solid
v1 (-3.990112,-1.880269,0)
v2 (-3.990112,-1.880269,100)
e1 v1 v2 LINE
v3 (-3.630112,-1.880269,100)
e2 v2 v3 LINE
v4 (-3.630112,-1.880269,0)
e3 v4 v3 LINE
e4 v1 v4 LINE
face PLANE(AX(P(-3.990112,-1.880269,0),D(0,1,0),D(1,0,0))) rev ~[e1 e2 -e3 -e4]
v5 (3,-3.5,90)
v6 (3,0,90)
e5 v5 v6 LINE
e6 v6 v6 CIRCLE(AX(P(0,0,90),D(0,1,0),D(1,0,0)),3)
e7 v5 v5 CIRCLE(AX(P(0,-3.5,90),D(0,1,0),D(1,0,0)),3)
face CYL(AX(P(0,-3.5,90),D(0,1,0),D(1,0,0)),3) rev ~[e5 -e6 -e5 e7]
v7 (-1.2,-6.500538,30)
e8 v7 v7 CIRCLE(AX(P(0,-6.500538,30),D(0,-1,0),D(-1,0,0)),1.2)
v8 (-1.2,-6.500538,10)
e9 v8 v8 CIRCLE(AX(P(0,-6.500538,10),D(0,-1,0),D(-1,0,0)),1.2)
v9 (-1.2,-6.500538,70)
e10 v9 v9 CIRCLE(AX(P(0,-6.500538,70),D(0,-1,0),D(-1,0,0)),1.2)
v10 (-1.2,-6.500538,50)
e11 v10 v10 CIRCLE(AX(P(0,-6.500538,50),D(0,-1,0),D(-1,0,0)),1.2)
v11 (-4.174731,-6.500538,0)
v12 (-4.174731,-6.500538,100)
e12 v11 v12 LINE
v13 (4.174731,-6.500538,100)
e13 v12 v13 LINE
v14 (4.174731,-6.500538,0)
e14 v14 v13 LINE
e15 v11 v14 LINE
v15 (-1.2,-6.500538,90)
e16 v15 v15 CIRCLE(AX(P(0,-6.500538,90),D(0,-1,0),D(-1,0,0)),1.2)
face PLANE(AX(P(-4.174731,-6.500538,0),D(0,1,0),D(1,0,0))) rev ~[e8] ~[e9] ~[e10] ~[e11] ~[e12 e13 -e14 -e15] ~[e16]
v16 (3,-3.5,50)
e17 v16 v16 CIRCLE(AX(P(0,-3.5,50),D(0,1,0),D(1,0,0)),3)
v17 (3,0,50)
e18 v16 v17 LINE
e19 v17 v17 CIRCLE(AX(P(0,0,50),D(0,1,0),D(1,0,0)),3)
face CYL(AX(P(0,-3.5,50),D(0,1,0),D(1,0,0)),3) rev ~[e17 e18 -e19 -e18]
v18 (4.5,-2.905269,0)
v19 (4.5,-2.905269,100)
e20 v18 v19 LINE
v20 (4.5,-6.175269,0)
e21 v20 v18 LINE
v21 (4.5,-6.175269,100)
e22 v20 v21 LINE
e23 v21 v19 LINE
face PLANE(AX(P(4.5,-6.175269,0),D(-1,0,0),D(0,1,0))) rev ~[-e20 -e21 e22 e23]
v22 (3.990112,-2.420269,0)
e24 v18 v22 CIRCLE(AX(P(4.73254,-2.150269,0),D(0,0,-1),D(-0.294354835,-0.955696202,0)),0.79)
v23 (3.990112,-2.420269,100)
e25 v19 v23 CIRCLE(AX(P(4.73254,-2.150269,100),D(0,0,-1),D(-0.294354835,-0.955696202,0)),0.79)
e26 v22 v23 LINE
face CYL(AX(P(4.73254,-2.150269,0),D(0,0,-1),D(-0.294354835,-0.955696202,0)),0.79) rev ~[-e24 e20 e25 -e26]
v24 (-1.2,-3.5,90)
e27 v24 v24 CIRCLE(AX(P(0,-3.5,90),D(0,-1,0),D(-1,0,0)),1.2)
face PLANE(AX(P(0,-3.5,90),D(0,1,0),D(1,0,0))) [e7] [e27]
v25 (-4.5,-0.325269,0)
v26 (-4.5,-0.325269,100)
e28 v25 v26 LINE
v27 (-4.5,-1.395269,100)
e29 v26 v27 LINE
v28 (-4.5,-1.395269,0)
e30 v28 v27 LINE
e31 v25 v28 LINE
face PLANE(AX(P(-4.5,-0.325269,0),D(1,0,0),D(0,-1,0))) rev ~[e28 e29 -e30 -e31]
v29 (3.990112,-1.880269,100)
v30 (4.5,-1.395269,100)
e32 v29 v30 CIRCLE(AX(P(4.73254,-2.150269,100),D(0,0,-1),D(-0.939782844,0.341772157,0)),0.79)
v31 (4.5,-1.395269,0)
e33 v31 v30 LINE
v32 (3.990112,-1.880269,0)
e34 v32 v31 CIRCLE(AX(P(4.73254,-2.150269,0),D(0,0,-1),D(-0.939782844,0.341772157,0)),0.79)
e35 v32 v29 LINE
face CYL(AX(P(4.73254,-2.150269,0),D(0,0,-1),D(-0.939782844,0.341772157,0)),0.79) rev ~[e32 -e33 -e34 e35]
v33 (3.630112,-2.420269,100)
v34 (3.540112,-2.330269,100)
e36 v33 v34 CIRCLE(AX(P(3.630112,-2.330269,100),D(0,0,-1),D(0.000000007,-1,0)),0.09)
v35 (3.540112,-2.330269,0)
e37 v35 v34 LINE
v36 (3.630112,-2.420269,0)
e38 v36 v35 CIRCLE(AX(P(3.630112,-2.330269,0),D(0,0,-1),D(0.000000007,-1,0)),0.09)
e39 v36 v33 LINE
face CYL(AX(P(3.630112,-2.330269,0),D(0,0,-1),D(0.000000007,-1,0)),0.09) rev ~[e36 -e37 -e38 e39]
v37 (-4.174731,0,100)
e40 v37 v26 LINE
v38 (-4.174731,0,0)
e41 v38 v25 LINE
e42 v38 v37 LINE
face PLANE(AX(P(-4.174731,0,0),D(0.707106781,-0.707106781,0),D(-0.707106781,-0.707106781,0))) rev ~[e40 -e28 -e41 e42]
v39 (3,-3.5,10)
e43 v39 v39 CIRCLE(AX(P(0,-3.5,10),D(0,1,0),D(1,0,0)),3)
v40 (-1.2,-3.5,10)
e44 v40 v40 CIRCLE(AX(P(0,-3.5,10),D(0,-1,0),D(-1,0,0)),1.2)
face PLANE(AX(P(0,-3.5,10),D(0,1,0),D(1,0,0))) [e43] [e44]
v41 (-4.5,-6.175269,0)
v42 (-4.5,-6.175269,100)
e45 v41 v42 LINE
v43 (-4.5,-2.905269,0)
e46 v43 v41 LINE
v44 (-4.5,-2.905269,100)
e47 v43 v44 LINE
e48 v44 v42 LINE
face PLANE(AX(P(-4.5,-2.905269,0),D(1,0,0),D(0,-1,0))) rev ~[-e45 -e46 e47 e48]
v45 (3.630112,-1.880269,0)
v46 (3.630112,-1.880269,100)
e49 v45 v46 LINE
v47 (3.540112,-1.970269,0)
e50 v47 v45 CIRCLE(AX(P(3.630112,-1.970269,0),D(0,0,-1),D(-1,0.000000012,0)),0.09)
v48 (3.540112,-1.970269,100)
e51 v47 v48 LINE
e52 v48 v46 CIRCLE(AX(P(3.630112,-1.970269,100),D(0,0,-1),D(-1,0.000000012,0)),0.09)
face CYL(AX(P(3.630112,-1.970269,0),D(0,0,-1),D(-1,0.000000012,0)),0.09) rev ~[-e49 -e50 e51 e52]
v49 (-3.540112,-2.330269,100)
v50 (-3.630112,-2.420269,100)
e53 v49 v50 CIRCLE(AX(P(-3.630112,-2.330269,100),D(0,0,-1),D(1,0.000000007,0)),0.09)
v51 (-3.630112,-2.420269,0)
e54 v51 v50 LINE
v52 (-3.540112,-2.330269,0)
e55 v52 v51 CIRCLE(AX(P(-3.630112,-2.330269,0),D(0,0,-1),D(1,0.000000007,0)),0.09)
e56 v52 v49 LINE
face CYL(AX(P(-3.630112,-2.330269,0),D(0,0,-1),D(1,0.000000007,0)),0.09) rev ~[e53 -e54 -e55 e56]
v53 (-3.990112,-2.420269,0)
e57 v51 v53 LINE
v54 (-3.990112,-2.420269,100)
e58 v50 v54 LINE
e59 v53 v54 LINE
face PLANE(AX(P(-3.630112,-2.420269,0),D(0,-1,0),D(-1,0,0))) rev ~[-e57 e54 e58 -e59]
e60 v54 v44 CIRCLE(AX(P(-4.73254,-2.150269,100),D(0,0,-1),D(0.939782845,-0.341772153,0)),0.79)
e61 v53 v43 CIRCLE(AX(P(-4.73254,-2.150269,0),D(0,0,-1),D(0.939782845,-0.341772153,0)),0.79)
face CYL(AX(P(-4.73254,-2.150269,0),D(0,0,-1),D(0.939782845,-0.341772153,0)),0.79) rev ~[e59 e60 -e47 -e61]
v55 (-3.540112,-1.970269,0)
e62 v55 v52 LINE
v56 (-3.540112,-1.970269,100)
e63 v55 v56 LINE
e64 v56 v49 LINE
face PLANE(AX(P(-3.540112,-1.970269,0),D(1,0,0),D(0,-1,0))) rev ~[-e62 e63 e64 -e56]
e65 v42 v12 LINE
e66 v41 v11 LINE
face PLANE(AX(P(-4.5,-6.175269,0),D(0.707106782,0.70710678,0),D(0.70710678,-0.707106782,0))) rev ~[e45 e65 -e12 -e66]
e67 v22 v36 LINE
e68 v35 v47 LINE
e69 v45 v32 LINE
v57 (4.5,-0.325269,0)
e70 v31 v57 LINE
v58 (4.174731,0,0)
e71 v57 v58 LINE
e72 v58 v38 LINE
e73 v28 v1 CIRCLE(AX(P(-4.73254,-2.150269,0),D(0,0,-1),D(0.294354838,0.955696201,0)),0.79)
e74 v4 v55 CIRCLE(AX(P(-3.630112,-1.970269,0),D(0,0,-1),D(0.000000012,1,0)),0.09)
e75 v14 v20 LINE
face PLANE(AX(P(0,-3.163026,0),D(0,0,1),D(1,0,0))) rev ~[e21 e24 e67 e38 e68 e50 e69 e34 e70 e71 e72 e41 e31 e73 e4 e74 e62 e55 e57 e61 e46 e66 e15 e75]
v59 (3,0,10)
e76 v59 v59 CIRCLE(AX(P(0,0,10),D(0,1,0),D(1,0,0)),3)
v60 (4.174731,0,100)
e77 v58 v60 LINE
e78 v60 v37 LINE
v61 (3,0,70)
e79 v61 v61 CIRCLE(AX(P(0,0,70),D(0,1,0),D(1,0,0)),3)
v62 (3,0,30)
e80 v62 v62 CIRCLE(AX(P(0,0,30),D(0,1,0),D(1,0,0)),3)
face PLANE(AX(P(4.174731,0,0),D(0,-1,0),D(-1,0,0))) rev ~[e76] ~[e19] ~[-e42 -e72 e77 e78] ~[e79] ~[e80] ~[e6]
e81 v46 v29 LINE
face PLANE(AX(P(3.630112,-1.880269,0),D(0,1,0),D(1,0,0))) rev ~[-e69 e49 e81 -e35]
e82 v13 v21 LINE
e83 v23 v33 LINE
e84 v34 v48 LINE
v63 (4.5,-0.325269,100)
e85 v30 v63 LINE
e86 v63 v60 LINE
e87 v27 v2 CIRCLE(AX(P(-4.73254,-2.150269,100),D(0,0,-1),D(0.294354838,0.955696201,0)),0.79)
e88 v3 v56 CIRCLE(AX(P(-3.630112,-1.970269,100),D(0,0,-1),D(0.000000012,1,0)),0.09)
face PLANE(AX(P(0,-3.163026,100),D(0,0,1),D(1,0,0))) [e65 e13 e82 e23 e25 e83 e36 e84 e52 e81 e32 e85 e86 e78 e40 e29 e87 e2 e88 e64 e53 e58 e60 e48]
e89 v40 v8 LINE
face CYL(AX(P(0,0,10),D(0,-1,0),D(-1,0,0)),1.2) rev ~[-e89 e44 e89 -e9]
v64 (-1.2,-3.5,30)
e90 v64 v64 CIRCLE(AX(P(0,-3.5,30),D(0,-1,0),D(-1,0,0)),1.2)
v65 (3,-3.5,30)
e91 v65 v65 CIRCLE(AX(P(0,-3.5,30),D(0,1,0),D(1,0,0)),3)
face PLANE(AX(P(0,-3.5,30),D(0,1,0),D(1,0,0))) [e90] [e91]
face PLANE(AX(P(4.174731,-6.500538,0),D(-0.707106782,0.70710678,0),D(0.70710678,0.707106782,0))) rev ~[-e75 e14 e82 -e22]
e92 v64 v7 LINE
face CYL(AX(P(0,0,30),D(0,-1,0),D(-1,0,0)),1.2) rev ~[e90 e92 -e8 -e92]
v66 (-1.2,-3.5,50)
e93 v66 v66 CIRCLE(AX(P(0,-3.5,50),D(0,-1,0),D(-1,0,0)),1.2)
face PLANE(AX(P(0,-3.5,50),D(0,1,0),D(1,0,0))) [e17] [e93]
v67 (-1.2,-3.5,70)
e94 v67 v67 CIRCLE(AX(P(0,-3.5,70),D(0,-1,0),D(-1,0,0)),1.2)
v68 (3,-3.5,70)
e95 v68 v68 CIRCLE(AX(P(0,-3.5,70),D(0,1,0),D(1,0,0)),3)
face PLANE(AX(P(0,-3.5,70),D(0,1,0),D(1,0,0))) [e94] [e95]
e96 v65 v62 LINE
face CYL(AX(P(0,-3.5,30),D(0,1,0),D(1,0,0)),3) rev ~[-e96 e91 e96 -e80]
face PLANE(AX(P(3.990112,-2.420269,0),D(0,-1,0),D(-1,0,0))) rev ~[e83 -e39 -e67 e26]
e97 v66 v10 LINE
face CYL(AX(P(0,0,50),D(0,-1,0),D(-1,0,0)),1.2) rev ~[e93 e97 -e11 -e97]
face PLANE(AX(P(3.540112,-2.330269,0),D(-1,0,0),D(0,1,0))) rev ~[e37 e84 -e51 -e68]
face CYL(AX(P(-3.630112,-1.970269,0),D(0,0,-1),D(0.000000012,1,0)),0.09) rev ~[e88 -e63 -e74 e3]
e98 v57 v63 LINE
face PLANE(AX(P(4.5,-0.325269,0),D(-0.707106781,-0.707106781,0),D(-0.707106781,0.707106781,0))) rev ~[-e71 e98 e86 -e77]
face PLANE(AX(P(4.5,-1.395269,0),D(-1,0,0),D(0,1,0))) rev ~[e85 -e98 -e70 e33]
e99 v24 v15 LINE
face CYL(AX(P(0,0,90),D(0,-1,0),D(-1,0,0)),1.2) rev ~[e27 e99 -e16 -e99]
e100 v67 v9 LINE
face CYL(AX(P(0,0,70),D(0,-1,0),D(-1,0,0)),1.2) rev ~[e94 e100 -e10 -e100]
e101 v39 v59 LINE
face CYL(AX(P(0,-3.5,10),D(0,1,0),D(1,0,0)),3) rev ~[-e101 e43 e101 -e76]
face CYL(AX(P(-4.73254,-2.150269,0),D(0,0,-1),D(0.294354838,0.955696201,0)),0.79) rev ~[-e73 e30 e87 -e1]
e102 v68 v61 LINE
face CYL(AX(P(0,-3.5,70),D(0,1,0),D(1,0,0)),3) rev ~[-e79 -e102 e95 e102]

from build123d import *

# Parameters (mm, degrees)
EXTRUDE_1_DEPTH              = 100
HOLE_WIZARD_M2_1_D           = 2.4
HOLE_WIZARD_M2_1_CBORE_D     = 6
HOLE_WIZARD_M2_1_CBORE_DEPTH = 3.5
PATTERN_LINEAR_1_COUNT       = 5
PATTERN_LINEAR_1_PITCH       = 20


with BuildPart() as part:
    # 草图1 → 凸台-拉伸1 (new body)
    with BuildSketch(Plane.XY):
        with BuildLine():
            Line((-4.5, -2.905269119), (-4.5, -6.175269119))
            Line((-4.5, -6.175269119), (-4.174730881, -6.500538239))
            Line((-4.174730881, -6.500538239), (0, -6.500538239))
            Line((0, -6.500538239), (4.174730881, -6.500538239))
            Line((4.174730881, -6.500538239), (4.5, -6.175269119))
            Line((4.5, -6.175269119), (4.5, -2.905269119))
            ThreePointArc((4.5, -2.905269119), (4.188070601, -2.722678698), (3.990111871, -2.420269119))
            Line((3.990111871, -2.420269119), (3.630111871, -2.420269119))
            ThreePointArc((3.630111871, -2.420269119), (3.566472261, -2.39390873), (3.540111871, -2.330269119))
            Line((3.540111871, -2.330269119), (3.540111871, -1.970269119))
            ThreePointArc((3.540111871, -1.970269119), (3.566472261, -1.906629509), (3.630111871, -1.880269119))
            Line((3.630111871, -1.880269119), (3.990111871, -1.880269119))
            ThreePointArc((3.990111871, -1.880269119), (4.188070601, -1.577859541), (4.5, -1.395269119))
            Line((4.5, -1.395269119), (4.5, -0.325269119))
            Line((4.5, -0.325269119), (4.174730881, 0))
            Line((4.174730881, 0), (0, 0))
            Line((0, 0), (-4.174730881, 0))
            Line((-4.174730881, 0), (-4.5, -0.325269119))
            Line((-4.5, -0.325269119), (-4.5, -1.395269119))
            ThreePointArc((-4.5, -1.395269119), (-4.188070601, -1.577859541), (-3.990111871, -1.880269119))
            Line((-3.990111871, -1.880269119), (-3.630111871, -1.880269119))
            ThreePointArc((-3.630111871, -1.880269119), (-3.566472261, -1.906629509), (-3.540111871, -1.970269119))
            Line((-3.540111871, -1.970269119), (-3.540111871, -2.330269119))
            ThreePointArc((-3.540111871, -2.330269119), (-3.566472261, -2.39390873), (-3.630111871, -2.420269119))
            Line((-3.630111871, -2.420269119), (-3.990111871, -2.420269119))
            ThreePointArc((-3.990111871, -2.420269119), (-4.188070601, -2.722678698), (-4.5, -2.905269119))
        make_face()
    extrude(amount=EXTRUDE_1_DEPTH)

    # M2 六角头螺栓的柱形沉头孔1 (through all)
    with Locations(Plane(origin=(0, 0, 0), x_dir=(1, 0, 0), z_dir=(0, 1, 0))):
        with Locations((0, -90)):
            hole_wizard_m2_1 = CounterBoreHole(HOLE_WIZARD_M2_1_D / 2, HOLE_WIZARD_M2_1_CBORE_D / 2, HOLE_WIZARD_M2_1_CBORE_DEPTH)

    # 阵列(线性)1: M2 六角头螺栓的柱形沉头孔1 ×5
    with Locations(*[(0, 0, -i * PATTERN_LINEAR_1_PITCH) for i in range(1, PATTERN_LINEAR_1_COUNT)]):
        add(hole_wizard_m2_1, mode=Mode.SUBTRACT)


solid = part.part
